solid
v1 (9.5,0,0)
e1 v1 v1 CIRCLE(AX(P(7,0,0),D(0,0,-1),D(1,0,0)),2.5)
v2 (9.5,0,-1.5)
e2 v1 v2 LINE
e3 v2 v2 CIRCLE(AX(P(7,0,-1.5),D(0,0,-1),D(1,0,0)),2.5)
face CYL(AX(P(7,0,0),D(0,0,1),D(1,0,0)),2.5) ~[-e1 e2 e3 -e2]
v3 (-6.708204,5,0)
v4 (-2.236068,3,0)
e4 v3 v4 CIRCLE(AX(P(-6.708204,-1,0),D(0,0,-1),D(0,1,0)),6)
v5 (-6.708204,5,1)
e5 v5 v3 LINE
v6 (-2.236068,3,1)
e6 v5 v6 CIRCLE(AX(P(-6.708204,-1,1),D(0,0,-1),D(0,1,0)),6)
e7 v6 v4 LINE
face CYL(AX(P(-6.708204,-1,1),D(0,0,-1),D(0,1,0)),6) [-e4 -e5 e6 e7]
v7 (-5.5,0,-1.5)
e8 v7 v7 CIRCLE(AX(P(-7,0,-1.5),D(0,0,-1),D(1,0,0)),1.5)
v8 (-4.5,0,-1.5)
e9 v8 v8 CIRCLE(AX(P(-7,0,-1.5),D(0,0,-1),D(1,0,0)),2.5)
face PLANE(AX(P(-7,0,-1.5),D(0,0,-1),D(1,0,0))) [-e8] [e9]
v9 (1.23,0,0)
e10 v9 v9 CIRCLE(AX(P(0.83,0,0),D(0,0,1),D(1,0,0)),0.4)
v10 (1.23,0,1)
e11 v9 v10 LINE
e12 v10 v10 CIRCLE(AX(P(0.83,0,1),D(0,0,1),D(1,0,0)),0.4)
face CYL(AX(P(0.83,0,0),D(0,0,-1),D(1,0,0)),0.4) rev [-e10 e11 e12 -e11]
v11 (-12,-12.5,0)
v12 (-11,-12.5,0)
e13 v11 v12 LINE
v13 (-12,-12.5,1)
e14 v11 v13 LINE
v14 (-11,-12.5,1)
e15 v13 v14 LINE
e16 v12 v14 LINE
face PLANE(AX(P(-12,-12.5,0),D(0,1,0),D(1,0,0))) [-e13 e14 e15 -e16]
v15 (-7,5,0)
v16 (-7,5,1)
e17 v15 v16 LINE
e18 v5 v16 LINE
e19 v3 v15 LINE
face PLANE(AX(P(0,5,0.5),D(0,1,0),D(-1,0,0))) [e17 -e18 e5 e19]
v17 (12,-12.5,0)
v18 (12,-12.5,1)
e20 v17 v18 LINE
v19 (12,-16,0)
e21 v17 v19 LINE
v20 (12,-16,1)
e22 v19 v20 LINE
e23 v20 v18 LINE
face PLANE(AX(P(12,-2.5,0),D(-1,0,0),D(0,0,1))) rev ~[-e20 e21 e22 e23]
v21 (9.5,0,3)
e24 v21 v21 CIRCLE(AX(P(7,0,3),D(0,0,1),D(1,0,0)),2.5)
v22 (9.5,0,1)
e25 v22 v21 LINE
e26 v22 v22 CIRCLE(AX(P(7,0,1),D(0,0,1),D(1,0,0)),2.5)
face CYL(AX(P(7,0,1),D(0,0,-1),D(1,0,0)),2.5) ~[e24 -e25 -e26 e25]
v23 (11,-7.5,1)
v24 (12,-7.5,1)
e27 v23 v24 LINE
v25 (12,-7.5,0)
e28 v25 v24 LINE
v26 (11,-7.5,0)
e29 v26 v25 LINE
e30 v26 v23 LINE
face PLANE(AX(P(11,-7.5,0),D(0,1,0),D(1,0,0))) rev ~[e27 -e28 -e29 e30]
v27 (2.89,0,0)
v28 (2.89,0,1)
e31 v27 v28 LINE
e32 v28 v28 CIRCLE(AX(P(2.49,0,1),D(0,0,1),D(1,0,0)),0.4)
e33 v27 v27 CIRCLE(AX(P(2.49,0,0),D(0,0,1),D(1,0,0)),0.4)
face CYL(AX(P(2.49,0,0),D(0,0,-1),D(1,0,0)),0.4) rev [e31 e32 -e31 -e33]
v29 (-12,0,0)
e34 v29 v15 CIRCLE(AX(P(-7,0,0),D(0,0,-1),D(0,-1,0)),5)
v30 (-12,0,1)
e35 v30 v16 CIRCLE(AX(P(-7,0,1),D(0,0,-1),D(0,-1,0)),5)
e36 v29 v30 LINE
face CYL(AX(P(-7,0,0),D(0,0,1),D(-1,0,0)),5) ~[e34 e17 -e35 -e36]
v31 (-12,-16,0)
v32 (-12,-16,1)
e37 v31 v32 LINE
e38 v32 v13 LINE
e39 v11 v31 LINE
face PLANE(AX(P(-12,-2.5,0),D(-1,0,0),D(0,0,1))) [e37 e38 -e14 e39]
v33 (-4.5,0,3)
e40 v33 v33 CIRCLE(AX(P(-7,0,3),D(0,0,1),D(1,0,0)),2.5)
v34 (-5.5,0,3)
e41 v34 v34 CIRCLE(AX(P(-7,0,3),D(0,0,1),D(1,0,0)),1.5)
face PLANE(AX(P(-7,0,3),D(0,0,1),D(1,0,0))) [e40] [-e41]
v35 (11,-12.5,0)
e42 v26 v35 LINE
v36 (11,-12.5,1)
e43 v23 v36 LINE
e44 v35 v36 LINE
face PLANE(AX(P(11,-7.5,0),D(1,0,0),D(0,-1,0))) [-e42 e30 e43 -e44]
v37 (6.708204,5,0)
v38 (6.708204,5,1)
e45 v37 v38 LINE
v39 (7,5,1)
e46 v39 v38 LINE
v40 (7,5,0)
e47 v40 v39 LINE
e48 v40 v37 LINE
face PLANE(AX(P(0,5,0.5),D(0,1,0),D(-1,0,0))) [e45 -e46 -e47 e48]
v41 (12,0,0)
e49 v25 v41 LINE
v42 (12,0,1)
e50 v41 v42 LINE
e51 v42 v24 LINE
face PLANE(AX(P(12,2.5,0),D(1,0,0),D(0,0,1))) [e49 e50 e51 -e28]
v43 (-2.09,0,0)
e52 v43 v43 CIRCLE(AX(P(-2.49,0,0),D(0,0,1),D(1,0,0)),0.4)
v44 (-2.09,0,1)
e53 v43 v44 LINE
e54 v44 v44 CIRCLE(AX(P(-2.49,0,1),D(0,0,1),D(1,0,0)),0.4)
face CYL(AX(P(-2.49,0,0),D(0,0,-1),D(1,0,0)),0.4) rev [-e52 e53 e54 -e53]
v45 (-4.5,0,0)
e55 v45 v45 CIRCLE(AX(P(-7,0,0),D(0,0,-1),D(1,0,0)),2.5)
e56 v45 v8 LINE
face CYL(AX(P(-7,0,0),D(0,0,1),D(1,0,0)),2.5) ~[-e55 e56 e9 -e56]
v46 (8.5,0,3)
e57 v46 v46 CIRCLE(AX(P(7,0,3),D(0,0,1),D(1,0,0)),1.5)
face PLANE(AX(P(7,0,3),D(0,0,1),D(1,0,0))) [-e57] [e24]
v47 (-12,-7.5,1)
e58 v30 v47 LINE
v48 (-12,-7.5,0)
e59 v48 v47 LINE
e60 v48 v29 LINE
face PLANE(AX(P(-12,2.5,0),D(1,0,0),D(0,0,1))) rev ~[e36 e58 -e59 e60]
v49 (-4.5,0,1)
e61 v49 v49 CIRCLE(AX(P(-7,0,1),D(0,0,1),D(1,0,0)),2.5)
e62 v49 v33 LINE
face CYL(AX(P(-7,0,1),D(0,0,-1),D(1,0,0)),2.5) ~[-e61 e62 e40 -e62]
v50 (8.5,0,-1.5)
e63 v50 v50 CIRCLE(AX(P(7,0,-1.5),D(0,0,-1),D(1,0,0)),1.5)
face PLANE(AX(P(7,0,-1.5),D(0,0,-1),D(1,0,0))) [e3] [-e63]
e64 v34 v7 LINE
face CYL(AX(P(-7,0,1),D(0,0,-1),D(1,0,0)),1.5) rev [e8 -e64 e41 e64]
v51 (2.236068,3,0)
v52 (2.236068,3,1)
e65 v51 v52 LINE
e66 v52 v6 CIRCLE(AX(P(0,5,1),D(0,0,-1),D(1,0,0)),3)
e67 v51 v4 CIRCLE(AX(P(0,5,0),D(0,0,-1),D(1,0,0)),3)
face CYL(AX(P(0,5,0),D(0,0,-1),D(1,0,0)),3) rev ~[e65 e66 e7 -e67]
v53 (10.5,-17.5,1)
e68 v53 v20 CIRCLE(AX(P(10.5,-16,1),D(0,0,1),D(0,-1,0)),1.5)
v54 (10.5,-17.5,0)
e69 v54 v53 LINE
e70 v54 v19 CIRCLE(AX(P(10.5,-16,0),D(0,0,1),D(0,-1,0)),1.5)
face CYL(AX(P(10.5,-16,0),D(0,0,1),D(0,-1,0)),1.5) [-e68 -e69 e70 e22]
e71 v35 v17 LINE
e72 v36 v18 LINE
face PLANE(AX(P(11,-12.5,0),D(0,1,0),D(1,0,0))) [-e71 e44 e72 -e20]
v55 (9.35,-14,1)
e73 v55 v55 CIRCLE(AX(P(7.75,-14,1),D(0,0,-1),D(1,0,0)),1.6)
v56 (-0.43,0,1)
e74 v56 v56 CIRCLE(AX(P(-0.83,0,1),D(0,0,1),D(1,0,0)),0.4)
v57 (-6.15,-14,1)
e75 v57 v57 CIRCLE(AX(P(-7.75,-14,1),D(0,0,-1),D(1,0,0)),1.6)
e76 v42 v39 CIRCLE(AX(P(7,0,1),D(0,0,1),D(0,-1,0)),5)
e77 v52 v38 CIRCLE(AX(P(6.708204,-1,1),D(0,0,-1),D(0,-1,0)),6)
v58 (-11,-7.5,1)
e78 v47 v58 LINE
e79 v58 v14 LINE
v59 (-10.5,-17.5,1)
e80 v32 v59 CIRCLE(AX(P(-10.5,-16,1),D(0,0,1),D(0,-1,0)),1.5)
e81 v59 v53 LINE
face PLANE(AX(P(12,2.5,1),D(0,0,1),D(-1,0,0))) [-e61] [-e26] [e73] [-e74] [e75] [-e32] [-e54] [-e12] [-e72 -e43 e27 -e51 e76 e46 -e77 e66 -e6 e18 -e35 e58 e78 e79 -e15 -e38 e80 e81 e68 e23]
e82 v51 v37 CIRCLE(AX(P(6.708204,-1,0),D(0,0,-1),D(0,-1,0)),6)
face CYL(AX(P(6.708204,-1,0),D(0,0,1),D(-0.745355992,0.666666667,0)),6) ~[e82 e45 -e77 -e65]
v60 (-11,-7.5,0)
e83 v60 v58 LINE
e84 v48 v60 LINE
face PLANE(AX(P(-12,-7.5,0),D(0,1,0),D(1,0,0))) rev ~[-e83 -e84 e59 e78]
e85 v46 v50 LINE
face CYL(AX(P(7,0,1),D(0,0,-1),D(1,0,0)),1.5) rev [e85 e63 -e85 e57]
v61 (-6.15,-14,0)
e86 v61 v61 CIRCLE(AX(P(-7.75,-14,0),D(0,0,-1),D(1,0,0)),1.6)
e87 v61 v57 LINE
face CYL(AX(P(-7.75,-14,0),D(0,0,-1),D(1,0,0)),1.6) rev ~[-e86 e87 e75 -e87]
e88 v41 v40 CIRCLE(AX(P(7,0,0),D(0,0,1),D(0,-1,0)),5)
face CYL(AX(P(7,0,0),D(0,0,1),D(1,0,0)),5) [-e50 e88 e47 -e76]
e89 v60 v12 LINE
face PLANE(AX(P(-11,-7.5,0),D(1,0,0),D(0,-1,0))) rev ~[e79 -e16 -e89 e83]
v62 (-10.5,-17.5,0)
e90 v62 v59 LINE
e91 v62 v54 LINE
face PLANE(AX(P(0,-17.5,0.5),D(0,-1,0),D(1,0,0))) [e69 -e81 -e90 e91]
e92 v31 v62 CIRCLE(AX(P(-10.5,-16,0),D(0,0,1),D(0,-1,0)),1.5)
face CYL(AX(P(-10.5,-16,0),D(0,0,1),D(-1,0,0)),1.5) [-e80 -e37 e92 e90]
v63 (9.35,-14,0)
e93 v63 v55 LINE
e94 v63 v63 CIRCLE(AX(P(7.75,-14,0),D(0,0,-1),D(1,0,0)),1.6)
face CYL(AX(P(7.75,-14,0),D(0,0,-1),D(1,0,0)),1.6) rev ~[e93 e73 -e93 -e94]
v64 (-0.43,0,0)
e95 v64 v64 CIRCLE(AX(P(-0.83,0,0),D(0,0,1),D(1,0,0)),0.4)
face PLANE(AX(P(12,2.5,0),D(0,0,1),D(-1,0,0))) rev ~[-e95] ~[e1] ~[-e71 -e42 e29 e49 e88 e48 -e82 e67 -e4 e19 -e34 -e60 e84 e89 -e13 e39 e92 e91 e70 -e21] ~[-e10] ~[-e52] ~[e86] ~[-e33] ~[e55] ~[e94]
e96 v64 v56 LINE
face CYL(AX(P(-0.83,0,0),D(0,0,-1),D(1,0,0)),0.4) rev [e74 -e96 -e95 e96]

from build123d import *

# Parameters (mm, degrees)
F0_W      = 24
F0_H      = 5
F0_R      = 1.5
F0_R_2    = 0.4
F1_DEPTH  = 1
F2_W      = 24
F2_H      = 1
F3_DEPTH  = 15
F4_R      = 1.6
F5_DEPTH  = 25
F6_R      = 1.5
F7_W      = 1
F7_H      = 5
F8_DEPTH  = 1
F9_W      = 24
F9_H      = 1
F10_DEPTH = 2.5
F11_R     = 5
F12_R     = 2.5
F12_R_2   = 1.5
F13_DEPTH = 1.5
F14_R     = 2.5
F14_R_2   = 1.5
F15_DEPTH = 2
F16_R     = 3
F17_DEPTH = 25
F18_R     = 6


with BuildPart() as f1:
    # F0 (on Top) → F1 (new body)
    with BuildSketch(Plane.XY):
        Rectangle(F0_W, F0_H)
        with Locations((-7, 0)):
            Circle(F0_R, mode=Mode.SUBTRACT)
        with Locations((-2.49, 0)):
            Circle(F0_R_2, mode=Mode.SUBTRACT)
        with Locations((-0.83, 0)):
            Circle(F0_R_2, mode=Mode.SUBTRACT)
        with Locations((0.83, 0)):
            Circle(F0_R_2, mode=Mode.SUBTRACT)
        with Locations((2.49, 0)):
            Circle(F0_R_2, mode=Mode.SUBTRACT)
        with Locations((7, 0)):
            Circle(F0_R, mode=Mode.SUBTRACT)
    extrude(amount=F1_DEPTH)

    # F2 (on face) → F3 (join)
    with BuildSketch(Plane.XZ.offset(2.5)):
        with Locations((0, 0.5)):
            Rectangle(F2_W, F2_H)
    extrude(amount=F3_DEPTH)

    # F4 (on face) → F5 (cut)
    with BuildSketch(Plane(origin=(0, 0, 0), x_dir=(1, 0, 0), z_dir=(0, 0, -1))):
        with Locations((-7.75, 14)):
            Circle(F4_R)
        with Locations((7.75, 14)):
            Circle(F4_R)
    extrude(amount=-F5_DEPTH, mode=Mode.SUBTRACT)

    # F6
    f6_edges = [f1.edges().sort_by_distance(p)[0] for p in [
        (12, -17.5, 0.5),
        (-12, -17.5, 0.5),
    ]]
    fillet(f6_edges, radius=F6_R)

    # F7 (on face) → F8 (cut, through all)
    with BuildSketch(Plane(origin=(0, 0, 0), x_dir=(1, 0, 0), z_dir=(0, 0, -1))):
        with Locations((11.5, 10)):
            Rectangle(F7_W, F7_H)
        with Locations((-11.5, 10)):
            Rectangle(F7_W, F7_H)
    extrude(amount=-F8_DEPTH, mode=Mode.SUBTRACT)

    # F9 (on face) → F10 (join)
    with BuildSketch(Plane(origin=(0, 2.5, 0), x_dir=(-1, 0, 0), z_dir=(0, 1, 0))):
        with Locations((0, 0.5)):
            Rectangle(F9_W, F9_H)
    extrude(amount=F10_DEPTH)

    # F11
    f11_edges = [f1.edges().sort_by_distance(p)[0] for p in [
        (-12, 5, 0.5),
        (12, 5, 0.5),
    ]]
    fillet(f11_edges, radius=F11_R)

    # F12 (on face) → F13 (join)
    with BuildSketch(Plane(origin=(0, 0, 0), x_dir=(1, 0, 0), z_dir=(0, 0, -1))):
        with Locations((7, 0)):
            Circle(F12_R)
        with Locations((7, 0)):
            Circle(F12_R_2, mode=Mode.SUBTRACT)
        with Locations((-7, 0)):
            Circle(F12_R)
        with Locations((-7, 0)):
            Circle(F12_R_2, mode=Mode.SUBTRACT)
    extrude(amount=F13_DEPTH)

    # F14 (on face) → F15 (join)
    with BuildSketch(Plane.XY.offset(1)):
        with Locations((7, 0)):
            Circle(F14_R)
        with Locations((7, 0)):
            Circle(F14_R_2, mode=Mode.SUBTRACT)
        with Locations((-7, 0)):
            Circle(F14_R)
        with Locations((-7, 0)):
            Circle(F14_R_2, mode=Mode.SUBTRACT)
    extrude(amount=F15_DEPTH)

    # F16 (on face) → F17 (cut)
    with BuildSketch(Plane(origin=(0, 0, 0), x_dir=(1, 0, 0), z_dir=(0, 0, -1))):
        with Locations((0, -5)):
            Circle(F16_R)
    extrude(amount=-F17_DEPTH, mode=Mode.SUBTRACT)

    # F18
    f18_edges = [f1.edges().sort_by_distance(p)[0] for p in [
        (-3, 5, 0.5),
        (3, 5, 0.5),
    ]]
    fillet(f18_edges, radius=F18_R)


solid = f1.part
